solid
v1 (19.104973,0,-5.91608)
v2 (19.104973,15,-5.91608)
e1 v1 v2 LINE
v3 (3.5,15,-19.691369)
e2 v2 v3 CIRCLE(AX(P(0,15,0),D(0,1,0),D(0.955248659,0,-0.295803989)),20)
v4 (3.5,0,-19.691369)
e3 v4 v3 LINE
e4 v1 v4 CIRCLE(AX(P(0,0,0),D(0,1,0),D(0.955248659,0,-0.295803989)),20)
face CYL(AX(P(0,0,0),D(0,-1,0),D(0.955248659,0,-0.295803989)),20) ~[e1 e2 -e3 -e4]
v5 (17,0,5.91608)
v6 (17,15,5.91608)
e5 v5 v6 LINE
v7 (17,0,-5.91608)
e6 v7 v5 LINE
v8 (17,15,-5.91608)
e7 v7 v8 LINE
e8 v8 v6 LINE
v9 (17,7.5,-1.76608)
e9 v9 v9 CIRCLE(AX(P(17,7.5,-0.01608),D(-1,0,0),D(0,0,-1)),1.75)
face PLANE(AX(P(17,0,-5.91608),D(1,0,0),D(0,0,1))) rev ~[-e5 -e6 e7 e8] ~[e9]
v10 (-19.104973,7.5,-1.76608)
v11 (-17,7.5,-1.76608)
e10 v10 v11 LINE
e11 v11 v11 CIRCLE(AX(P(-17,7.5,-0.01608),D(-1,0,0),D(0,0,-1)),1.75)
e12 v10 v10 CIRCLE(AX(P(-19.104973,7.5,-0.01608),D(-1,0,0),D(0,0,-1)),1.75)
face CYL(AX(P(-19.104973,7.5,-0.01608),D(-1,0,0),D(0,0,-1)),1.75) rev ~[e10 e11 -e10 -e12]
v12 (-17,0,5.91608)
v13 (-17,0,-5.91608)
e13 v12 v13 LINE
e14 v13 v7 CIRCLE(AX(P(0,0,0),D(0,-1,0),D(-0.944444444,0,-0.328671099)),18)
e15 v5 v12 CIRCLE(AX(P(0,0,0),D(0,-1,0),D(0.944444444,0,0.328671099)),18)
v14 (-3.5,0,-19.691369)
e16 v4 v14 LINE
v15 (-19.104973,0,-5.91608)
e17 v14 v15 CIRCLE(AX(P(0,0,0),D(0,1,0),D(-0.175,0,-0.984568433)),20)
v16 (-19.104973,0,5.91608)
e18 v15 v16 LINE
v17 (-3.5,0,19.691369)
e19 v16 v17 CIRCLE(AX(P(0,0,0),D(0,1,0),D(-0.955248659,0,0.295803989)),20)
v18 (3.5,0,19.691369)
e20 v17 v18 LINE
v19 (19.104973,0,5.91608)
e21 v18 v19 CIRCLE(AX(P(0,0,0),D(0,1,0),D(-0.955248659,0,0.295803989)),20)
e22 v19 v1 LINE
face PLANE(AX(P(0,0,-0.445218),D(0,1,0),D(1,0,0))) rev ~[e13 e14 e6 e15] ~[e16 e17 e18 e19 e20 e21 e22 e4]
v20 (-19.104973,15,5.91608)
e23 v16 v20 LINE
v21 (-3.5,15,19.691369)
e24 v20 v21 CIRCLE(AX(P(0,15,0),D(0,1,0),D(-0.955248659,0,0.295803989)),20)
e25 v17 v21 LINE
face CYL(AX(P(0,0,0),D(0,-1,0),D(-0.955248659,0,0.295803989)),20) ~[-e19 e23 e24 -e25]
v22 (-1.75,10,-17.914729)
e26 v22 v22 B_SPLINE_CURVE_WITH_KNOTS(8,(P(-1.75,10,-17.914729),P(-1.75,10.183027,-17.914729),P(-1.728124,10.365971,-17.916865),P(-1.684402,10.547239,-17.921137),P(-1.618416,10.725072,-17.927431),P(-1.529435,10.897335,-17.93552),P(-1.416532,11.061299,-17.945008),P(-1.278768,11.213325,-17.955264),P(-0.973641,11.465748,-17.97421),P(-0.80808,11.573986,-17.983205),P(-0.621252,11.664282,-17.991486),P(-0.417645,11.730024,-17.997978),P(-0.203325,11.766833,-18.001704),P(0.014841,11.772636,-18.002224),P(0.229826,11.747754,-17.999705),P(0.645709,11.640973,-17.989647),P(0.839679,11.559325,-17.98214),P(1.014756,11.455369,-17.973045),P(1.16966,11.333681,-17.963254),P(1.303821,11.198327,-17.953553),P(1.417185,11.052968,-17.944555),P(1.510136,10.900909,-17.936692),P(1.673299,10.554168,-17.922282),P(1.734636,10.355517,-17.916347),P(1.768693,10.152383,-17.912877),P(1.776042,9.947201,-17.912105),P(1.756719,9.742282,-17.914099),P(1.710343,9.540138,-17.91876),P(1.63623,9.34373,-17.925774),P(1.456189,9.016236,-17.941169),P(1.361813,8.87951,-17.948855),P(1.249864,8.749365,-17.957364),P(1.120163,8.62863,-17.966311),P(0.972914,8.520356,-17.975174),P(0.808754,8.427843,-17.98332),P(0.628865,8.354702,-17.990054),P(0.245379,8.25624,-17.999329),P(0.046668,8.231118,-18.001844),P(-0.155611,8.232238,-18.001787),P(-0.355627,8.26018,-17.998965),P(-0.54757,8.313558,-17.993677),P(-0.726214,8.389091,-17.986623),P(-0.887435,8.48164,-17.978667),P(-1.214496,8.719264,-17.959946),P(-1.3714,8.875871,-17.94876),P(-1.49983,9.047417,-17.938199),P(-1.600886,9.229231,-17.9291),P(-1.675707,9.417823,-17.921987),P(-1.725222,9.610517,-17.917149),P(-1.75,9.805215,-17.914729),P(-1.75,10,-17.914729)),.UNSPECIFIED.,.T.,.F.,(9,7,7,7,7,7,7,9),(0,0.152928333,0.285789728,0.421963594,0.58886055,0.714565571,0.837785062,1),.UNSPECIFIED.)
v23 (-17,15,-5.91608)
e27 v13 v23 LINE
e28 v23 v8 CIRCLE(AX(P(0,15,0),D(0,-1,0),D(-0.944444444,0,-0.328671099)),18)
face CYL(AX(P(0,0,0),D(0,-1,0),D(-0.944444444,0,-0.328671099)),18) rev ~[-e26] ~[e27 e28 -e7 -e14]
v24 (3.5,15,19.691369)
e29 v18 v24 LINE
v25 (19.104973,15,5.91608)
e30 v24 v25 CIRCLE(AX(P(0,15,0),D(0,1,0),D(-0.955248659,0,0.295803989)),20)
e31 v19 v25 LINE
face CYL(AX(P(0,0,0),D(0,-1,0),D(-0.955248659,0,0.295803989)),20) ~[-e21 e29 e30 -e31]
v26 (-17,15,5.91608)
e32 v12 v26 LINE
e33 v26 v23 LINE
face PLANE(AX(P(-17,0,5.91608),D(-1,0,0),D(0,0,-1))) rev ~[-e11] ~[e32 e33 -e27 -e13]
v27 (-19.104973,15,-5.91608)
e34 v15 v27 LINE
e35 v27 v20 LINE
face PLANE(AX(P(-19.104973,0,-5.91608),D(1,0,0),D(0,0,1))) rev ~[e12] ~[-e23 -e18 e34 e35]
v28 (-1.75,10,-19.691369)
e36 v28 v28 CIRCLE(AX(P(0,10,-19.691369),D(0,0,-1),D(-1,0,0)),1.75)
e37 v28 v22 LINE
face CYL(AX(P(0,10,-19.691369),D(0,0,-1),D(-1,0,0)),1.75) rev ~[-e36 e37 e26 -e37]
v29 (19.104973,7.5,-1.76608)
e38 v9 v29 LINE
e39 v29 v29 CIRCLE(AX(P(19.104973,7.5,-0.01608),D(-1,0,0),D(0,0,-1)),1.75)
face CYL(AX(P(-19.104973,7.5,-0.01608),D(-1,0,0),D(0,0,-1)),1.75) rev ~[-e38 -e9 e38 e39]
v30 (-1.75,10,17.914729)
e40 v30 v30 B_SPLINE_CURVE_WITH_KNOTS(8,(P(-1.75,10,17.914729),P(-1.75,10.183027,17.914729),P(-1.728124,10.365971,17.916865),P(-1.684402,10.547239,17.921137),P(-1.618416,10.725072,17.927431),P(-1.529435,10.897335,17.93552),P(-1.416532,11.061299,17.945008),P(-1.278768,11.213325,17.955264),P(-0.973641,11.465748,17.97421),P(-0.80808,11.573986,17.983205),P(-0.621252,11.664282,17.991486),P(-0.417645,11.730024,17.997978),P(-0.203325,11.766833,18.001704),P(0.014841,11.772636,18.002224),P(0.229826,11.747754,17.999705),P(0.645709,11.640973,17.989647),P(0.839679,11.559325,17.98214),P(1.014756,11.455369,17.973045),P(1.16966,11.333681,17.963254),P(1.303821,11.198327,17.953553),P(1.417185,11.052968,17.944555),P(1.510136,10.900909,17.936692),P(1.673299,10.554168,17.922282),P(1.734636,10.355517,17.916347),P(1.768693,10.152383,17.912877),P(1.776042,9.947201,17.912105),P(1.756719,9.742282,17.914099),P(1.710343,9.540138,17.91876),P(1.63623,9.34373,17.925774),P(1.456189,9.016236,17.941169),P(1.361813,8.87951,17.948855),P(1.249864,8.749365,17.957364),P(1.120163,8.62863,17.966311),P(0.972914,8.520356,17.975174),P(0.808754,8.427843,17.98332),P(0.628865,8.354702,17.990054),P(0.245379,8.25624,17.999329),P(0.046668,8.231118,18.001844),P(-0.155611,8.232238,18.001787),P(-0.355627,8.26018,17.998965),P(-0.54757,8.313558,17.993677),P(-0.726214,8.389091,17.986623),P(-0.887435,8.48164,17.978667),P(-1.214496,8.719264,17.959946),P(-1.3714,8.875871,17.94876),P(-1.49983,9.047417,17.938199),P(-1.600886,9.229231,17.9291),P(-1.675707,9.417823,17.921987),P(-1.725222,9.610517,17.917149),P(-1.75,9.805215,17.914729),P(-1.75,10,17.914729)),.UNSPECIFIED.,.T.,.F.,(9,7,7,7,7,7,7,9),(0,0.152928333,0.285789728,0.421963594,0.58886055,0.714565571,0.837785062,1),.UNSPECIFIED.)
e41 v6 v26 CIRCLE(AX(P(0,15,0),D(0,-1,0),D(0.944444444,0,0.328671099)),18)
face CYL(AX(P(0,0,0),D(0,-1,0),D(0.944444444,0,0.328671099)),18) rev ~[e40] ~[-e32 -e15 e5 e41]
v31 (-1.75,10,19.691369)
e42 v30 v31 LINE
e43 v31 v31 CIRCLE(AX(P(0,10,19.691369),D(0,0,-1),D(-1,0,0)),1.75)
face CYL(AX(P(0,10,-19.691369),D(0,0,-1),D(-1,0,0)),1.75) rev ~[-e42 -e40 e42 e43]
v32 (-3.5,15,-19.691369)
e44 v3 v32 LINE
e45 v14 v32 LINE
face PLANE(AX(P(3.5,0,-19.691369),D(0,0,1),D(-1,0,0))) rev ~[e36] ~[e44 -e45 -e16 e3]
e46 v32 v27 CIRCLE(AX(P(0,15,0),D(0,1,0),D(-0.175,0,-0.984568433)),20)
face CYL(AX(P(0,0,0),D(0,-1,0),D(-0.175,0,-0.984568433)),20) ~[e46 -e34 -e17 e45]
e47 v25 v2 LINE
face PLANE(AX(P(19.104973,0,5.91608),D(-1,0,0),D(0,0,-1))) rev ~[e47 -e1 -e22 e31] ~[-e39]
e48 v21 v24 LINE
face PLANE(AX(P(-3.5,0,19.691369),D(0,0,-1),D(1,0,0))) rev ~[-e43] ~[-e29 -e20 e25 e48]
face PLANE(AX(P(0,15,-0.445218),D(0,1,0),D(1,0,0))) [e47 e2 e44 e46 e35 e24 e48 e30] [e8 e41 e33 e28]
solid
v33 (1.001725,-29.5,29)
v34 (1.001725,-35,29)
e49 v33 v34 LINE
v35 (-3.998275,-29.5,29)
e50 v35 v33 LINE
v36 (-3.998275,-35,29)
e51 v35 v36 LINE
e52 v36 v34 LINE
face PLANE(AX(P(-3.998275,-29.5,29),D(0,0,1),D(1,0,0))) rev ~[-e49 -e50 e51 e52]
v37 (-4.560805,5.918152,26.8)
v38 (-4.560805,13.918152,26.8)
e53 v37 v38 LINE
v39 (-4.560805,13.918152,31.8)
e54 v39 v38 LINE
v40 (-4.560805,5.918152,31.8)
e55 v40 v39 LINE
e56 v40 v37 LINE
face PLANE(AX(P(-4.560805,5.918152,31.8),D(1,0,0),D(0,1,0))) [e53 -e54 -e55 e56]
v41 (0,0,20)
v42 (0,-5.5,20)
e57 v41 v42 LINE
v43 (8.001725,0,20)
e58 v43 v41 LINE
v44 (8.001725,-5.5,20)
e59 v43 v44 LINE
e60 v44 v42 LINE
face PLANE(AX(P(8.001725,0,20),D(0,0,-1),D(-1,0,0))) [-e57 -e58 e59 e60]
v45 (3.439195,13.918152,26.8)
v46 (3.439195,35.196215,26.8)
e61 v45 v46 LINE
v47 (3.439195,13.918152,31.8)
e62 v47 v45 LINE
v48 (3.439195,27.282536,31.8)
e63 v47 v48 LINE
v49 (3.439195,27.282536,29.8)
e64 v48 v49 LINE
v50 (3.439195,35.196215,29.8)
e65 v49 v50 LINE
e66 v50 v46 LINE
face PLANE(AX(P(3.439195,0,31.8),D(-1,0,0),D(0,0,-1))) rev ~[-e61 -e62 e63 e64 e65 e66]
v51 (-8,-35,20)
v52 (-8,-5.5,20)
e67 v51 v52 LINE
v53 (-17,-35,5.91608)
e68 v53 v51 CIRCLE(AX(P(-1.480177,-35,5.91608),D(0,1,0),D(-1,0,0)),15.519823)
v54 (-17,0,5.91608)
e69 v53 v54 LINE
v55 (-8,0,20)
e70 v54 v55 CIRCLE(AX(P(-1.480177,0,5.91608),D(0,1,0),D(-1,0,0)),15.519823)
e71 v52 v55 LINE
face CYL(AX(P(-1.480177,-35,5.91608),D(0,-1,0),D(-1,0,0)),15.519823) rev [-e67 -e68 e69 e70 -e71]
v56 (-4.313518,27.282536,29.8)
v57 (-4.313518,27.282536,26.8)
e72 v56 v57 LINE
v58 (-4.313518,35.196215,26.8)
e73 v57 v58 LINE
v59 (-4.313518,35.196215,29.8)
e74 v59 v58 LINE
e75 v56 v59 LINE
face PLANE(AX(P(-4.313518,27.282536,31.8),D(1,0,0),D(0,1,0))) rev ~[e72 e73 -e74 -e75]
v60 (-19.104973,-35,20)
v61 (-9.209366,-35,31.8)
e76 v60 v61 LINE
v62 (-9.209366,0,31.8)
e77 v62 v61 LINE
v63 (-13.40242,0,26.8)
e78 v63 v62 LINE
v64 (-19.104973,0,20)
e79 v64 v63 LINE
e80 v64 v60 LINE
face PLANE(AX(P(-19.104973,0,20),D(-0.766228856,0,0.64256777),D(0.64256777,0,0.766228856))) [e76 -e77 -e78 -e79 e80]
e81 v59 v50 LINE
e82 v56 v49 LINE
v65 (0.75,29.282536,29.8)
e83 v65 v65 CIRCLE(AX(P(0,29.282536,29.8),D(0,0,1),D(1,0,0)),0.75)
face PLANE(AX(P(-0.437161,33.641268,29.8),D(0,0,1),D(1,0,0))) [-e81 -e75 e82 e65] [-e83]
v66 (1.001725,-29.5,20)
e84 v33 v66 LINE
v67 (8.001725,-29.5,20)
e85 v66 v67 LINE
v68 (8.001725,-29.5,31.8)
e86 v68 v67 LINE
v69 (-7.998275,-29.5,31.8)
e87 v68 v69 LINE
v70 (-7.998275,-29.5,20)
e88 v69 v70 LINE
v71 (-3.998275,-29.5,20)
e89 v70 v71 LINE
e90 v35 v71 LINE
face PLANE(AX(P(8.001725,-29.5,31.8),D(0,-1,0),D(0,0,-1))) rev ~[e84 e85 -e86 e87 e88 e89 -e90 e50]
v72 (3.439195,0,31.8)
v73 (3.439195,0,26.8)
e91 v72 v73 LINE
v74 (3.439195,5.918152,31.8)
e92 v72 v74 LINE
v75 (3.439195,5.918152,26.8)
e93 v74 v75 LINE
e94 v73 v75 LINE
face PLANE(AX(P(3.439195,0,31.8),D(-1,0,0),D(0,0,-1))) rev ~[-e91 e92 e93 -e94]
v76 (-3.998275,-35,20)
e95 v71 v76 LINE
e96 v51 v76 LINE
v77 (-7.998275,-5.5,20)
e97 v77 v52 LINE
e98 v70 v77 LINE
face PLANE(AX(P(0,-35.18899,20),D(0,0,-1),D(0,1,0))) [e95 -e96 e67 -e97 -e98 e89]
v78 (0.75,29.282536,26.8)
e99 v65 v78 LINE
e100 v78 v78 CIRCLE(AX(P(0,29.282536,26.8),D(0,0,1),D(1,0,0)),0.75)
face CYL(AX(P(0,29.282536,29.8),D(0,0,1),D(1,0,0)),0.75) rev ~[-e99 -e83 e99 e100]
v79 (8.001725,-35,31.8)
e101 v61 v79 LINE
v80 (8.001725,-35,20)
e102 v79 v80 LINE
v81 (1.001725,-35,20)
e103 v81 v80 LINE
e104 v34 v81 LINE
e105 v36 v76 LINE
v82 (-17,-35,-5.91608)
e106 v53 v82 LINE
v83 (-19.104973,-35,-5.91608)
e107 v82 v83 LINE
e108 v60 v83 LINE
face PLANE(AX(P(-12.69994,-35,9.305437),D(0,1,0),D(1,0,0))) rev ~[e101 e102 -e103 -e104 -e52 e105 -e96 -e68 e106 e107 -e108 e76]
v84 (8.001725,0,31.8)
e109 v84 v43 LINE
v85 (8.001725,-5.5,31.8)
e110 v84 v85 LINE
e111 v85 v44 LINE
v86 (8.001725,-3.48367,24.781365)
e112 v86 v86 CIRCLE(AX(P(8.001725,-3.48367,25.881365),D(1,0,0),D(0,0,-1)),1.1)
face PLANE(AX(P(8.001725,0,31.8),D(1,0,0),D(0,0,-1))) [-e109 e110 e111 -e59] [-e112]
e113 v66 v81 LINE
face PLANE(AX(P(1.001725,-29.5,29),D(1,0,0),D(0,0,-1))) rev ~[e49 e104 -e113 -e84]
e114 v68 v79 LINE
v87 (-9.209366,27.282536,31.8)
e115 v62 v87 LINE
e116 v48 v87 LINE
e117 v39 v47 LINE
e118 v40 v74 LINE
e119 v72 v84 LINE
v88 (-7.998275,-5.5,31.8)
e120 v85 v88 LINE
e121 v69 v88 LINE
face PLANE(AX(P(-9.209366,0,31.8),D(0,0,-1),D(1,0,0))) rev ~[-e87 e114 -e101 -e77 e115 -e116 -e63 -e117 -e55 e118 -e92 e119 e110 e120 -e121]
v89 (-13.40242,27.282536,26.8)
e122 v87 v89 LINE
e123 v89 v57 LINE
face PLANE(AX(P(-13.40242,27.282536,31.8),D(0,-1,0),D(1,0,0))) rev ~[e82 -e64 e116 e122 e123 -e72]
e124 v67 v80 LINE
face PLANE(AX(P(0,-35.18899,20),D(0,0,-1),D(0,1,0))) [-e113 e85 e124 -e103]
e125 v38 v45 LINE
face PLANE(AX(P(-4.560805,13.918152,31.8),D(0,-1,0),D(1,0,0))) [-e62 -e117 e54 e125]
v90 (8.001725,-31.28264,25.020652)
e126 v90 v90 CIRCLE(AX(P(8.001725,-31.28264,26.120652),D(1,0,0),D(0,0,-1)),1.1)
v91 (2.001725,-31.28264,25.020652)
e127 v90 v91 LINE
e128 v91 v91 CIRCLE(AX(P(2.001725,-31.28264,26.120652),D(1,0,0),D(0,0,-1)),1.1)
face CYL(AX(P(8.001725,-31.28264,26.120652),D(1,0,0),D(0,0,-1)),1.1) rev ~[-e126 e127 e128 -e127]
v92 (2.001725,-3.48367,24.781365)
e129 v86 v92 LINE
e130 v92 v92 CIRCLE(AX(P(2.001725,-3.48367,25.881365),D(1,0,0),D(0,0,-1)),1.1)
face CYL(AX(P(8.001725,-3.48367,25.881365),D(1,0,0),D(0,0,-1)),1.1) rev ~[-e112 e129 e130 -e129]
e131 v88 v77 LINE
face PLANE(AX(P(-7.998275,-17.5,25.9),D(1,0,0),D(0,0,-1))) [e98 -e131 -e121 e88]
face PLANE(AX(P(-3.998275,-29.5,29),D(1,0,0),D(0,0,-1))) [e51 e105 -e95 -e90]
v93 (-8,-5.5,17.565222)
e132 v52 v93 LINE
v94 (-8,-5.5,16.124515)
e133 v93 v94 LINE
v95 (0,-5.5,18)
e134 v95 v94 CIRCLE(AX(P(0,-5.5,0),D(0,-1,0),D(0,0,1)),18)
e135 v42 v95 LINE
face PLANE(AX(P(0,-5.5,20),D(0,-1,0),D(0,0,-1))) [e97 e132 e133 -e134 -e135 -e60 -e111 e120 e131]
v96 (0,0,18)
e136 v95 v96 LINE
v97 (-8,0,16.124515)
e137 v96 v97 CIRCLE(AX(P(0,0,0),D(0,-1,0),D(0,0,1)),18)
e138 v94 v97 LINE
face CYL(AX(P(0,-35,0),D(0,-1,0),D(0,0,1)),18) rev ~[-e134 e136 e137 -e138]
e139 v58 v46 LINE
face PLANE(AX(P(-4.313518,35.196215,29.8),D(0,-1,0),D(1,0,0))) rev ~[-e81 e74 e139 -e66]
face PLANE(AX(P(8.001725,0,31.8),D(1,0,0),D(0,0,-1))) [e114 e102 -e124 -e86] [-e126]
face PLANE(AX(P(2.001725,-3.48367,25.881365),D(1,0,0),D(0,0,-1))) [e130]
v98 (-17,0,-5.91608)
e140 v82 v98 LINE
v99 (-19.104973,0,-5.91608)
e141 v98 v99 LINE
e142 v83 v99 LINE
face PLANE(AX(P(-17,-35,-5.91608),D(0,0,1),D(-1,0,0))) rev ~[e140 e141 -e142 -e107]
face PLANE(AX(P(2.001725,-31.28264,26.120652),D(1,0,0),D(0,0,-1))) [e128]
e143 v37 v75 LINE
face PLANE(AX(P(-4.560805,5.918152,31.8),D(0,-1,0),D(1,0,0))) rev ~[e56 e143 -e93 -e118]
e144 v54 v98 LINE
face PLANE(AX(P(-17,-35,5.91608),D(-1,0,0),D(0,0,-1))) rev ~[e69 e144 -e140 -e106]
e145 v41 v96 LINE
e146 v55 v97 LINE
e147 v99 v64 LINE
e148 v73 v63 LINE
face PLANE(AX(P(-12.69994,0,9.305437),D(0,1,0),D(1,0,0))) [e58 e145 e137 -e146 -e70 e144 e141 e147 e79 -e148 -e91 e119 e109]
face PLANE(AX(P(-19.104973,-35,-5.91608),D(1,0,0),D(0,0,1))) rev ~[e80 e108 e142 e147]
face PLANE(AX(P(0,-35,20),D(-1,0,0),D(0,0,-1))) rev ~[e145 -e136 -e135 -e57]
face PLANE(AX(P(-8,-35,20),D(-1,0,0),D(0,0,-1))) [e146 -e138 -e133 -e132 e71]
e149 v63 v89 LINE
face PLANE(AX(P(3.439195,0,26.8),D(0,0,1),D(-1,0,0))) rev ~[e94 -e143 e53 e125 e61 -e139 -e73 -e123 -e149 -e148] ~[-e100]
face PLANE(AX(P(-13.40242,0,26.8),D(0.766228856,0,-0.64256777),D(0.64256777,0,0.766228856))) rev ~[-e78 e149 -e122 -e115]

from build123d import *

# Parameters (mm, degrees)
BOSS_EXTRUDE2_DEPTH = 15
BOSS_EXTRUDE3_DEPTH = 35
BOSS_EXTRUDE4_START = -35
BOSS_EXTRUDE4_DEPTH = 35
SKETCH2_W           = 11.8
SKETCH2_H           = 24
CUT_EXTRUDE1_DEPTH  = 16
SKETCH5_W           = 2.43477795
SKETCH5_H           = 29.688989587
CUT_EXTRUDE7_DEPTH  = 8
SKETCH6_W           = 4.317840387
SKETCH6_H           = 1.457155793
CUT_EXTRUDE8_DEPTH  = 29.5
BOSS_EXTRUDE6_DEPTH = 40
SKETCH8_W           = 7.752712761
SKETCH8_H           = 12.717464329
CUT_EXTRUDE9_DEPTH  = 2
CUT_EXTRUDE10_START = -15
CUT_EXTRUDE10_DEPTH = 15
SKETCH10_W          = 5
SKETCH10_H          = 9
CUT_EXTRUDE11_DEPTH = 10
SKETCH11_W          = 9.088902154
SKETCH11_H          = 12.717464329
CUT_EXTRUDE12_DEPTH = 5
SKETCH12_R          = 1.75
CUT_EXTRUDE13_DEPTH = 40
CUT_EXTRUDE14_DEPTH = 35
SKETCH15_R          = 1.75
CUT_EXTRUDE15_DEPTH = 60
SKETCH17_R          = 1.1
CUT_EXTRUDE17_DEPTH = 6
SKETCH18_R          = 1.1
CUT_EXTRUDE18_DEPTH = 6
SKETCH20_W          = 7.752712761
SKETCH20_H          = 4.803785243
CUT_EXTRUDE19_DEPTH = 5
SKETCH19_R          = 0.75
CUT_EXTRUDE20_DEPTH = 5
SKETCH21_W          = 8
SKETCH21_H          = 8
CUT_EXTRUDE21_DEPTH = 10


with BuildPart() as part:
    # Sketch1 → Boss-Extrude2 (new body)
    with BuildSketch(Plane(origin=(0, 0, 0), x_dir=(1, 0, 0), z_dir=(0, 1, 0))):
        with BuildLine():
            ThreePointArc((-3.5, 19.691368668), (-13.235779124, 14.993803753), (-19.104973175, 5.916079783))
            Line((-19.104973175, 5.916079783), (-19.104973175, -5.916079783))
            ThreePointArc((-19.104973175, -5.916079783), (0, -20), (19.104973175, -5.916079783))
            Line((19.104973175, -5.916079783), (19.104973175, 5.916079783))
            ThreePointArc((19.104973175, 5.916079783), (13.235779124, 14.993803753), (3.5, 19.691368668))
            Line((3.5, 19.691368668), (-3.5, 19.691368668))
        make_face()
        with BuildLine():
            ThreePointArc((-17, 5.916079783), (0, 18), (17, 5.916079783))
            Line((17, 5.916079783), (17, -5.916079783))
            ThreePointArc((17, -5.916079783), (0, -18), (-17, -5.916079783))
            Line((-17, -5.916079783), (-17, 5.916079783))
        make_face(mode=Mode.SUBTRACT)
    extrude(amount=BOSS_EXTRUDE2_DEPTH)

    # Sketch9 → Cut-Extrude10 (cut)
    with BuildSketch(Plane(origin=(0, 15, 0), x_dir=(1, 0, 0), z_dir=(0, 1, 0)).offset(CUT_EXTRUDE10_START)):
        with BuildLine():
            Line((-3.5, -19.691368668), (3.5, -19.691368668))
            ThreePointArc((3.5, -19.691368668), (0, -20), (-3.5, -19.691368668))
        make_face()
    extrude(amount=CUT_EXTRUDE10_DEPTH, mode=Mode.SUBTRACT)

    # Sketch12 → Cut-Extrude13 (cut)
    with BuildSketch(Plane.ZY.offset(19.104973175)):
        with Locations((-0.016079783, 7.5)):
            Circle(SKETCH12_R)
    extrude(amount=-CUT_EXTRUDE13_DEPTH, mode=Mode.SUBTRACT)

    # Sketch15 → Cut-Extrude15 (cut)
    with BuildSketch(Plane(origin=(0, 0, -19.691368668), x_dir=(-1, 0, 0), z_dir=(0, 0, -1))):
        with Locations((0, 10)):
            Circle(SKETCH15_R)
    extrude(amount=-CUT_EXTRUDE15_DEPTH, mode=Mode.SUBTRACT)


with BuildPart() as body_2:
    # Sketch1<3> → Boss-Extrude3 (new body)
    with BuildSketch(Plane(origin=(0, 0, 0), x_dir=(1, 0, 0), z_dir=(0, 1, 0))):
        with BuildLine():
            Line((8.001725225, -20), (0, -20))
            ThreePointArc((0, -20), (-11.867569345, -16.09847191), (-19.104973175, -5.916079783))
            Line((-19.104973175, -5.916079783), (-19.104973175, -20))
            Line((-19.104973175, -20), (-9.209366103, -31.8))
            Line((-9.209366103, -31.8), (8.001725225, -31.8))
            Line((8.001725225, -31.8), (8.001725225, -20))
        make_face()
    extrude(amount=-BOSS_EXTRUDE3_DEPTH)

    # Sketch1<4> → Boss-Extrude4 (add)
    with BuildSketch(Plane(origin=(0, 0, 0), x_dir=(1, 0, 0), z_dir=(0, 1, 0)).offset(BOSS_EXTRUDE4_START)):
        with BuildLine():
            Line((-17, -5.916079783), (-17, 5.916079783))
            Line((-17, 5.916079783), (-19.104973175, 5.916079783))
            Line((-19.104973175, 5.916079783), (-19.104973175, -5.916079783))
            ThreePointArc((-19.104973175, -5.916079783), (-11.867569345, -16.09847191), (0, -20))
            Line((0, -20), (0, -18))
            ThreePointArc((0, -18), (-10.428580054, -14.671220742), (-17, -5.916079783))
        make_face()
    extrude(amount=BOSS_EXTRUDE4_DEPTH)

    # Sketch2 → Cut-Extrude1 (cut)
    with BuildSketch(Plane(origin=(8.001725225, 0, 0), x_dir=(0, 0, -1), z_dir=(1, 0, 0))):
        with Locations((-25.9, -17.5)):
            Rectangle(SKETCH2_W, SKETCH2_H)
    extrude(amount=-CUT_EXTRUDE1_DEPTH, mode=Mode.SUBTRACT)

    # Sketch5 → Cut-Extrude7 (cut)
    with BuildSketch(Plane(origin=(0, 0, 0), x_dir=(0, 0, -1), z_dir=(1, 0, 0))):
        with Locations((-18.782611025, -20.344494794)):
            Rectangle(SKETCH5_W, SKETCH5_H)
    extrude(amount=-CUT_EXTRUDE7_DEPTH, mode=Mode.SUBTRACT)

    # Sketch6 → Cut-Extrude8 (cut)
    with BuildSketch(Plane(origin=(0, -35, 0), x_dir=(-1, 0, 0), z_dir=(0, -1, 0))):
        with Locations((5.841079806, -16.836644154)):
            Rectangle(SKETCH6_W, SKETCH6_H)
    extrude(amount=-CUT_EXTRUDE8_DEPTH, mode=Mode.SUBTRACT)

    # Sketch7 → Boss-Extrude6 (add)
    with BuildSketch(Plane(origin=(0, 0, 0), x_dir=(1, 0, 0), z_dir=(0, 1, 0))):
        Polygon((-13.402419947, -26.8), (-9.209366103, -31.8), (3.439194968, -31.8), (3.439194968, -26.8), align=None)
    extrude(amount=BOSS_EXTRUDE6_DEPTH)

    # Sketch8 → Cut-Extrude9 (cut)
    with BuildSketch(Plane.XY.offset(31.8)):
        with Locations((-0.437161412, 33.641267836)):
            Rectangle(SKETCH8_W, SKETCH8_H)
    extrude(amount=-CUT_EXTRUDE9_DEPTH, mode=Mode.SUBTRACT)

    # Sketch10 → Cut-Extrude11 (cut)
    with BuildSketch(Plane(origin=(0, -29.5, 0), x_dir=(1, 0, 0), z_dir=(0, 1, 0))):
        with Locations((-1.498274775, -24.5)):
            Rectangle(SKETCH10_W, SKETCH10_H)
    extrude(amount=-CUT_EXTRUDE11_DEPTH, mode=Mode.SUBTRACT)

    # Sketch11 → Cut-Extrude12 (cut)
    with BuildSketch(Plane.XY.offset(31.8)):
        with Locations((-8.85796887, 33.641267836)):
            Rectangle(SKETCH11_W, SKETCH11_H)
    extrude(amount=-CUT_EXTRUDE12_DEPTH, mode=Mode.SUBTRACT)

    # Sketch14 → Cut-Extrude14 (cut)
    with BuildSketch(Plane.XZ.offset(35)):
        with BuildLine():
            Line((-8, 20), (-8, 16.124515497))
            ThreePointArc((-8, 16.124515497), (-13.501964299, 11.903653224), (-17, 5.916079783))
            ThreePointArc((-17, 5.916079783), (-14.557856547, 14.273065015), (-8, 20))
        make_face()
    extrude(amount=-CUT_EXTRUDE14_DEPTH, mode=Mode.SUBTRACT)

    # Sketch17 → Cut-Extrude17 (cut)
    with BuildSketch(Plane(origin=(8.001725225, 0, 0), x_dir=(0, 0, -1), z_dir=(1, 0, 0))):
        with Locations((-25.881365085, -3.483670033)):
            Circle(SKETCH17_R)
    extrude(amount=-CUT_EXTRUDE17_DEPTH, mode=Mode.SUBTRACT)

    # Sketch18 → Cut-Extrude18 (cut)
    with BuildSketch(Plane(origin=(8.001725225, 0, 0), x_dir=(0, 0, -1), z_dir=(1, 0, 0))):
        with Locations((-26.120651669, -31.282640193)):
            Circle(SKETCH18_R)
    extrude(amount=-CUT_EXTRUDE18_DEPTH, mode=Mode.SUBTRACT)

    # Sketch20 → Cut-Extrude19 (cut)
    with BuildSketch(Plane.XY.offset(29.8)):
        with Locations((-0.437161412, 37.598107379)):
            Rectangle(SKETCH20_W, SKETCH20_H)
    extrude(amount=-CUT_EXTRUDE19_DEPTH, mode=Mode.SUBTRACT)

    # Sketch19 → Cut-Extrude20 (cut)
    with BuildSketch(Plane.XY.offset(29.8)):
        with Locations((0, 29.282535671)):
            Circle(SKETCH19_R)
    extrude(amount=-CUT_EXTRUDE20_DEPTH, mode=Mode.SUBTRACT)

    # Sketch21 → Cut-Extrude21 (cut)
    with BuildSketch(Plane.XY.offset(31.8)):
        with Locations((-0.560805032, 9.918151688)):
            Rectangle(SKETCH21_W, SKETCH21_H)
    extrude(amount=-CUT_EXTRUDE21_DEPTH, mode=Mode.SUBTRACT)


solid = Compound([part.part, body_2.part])
